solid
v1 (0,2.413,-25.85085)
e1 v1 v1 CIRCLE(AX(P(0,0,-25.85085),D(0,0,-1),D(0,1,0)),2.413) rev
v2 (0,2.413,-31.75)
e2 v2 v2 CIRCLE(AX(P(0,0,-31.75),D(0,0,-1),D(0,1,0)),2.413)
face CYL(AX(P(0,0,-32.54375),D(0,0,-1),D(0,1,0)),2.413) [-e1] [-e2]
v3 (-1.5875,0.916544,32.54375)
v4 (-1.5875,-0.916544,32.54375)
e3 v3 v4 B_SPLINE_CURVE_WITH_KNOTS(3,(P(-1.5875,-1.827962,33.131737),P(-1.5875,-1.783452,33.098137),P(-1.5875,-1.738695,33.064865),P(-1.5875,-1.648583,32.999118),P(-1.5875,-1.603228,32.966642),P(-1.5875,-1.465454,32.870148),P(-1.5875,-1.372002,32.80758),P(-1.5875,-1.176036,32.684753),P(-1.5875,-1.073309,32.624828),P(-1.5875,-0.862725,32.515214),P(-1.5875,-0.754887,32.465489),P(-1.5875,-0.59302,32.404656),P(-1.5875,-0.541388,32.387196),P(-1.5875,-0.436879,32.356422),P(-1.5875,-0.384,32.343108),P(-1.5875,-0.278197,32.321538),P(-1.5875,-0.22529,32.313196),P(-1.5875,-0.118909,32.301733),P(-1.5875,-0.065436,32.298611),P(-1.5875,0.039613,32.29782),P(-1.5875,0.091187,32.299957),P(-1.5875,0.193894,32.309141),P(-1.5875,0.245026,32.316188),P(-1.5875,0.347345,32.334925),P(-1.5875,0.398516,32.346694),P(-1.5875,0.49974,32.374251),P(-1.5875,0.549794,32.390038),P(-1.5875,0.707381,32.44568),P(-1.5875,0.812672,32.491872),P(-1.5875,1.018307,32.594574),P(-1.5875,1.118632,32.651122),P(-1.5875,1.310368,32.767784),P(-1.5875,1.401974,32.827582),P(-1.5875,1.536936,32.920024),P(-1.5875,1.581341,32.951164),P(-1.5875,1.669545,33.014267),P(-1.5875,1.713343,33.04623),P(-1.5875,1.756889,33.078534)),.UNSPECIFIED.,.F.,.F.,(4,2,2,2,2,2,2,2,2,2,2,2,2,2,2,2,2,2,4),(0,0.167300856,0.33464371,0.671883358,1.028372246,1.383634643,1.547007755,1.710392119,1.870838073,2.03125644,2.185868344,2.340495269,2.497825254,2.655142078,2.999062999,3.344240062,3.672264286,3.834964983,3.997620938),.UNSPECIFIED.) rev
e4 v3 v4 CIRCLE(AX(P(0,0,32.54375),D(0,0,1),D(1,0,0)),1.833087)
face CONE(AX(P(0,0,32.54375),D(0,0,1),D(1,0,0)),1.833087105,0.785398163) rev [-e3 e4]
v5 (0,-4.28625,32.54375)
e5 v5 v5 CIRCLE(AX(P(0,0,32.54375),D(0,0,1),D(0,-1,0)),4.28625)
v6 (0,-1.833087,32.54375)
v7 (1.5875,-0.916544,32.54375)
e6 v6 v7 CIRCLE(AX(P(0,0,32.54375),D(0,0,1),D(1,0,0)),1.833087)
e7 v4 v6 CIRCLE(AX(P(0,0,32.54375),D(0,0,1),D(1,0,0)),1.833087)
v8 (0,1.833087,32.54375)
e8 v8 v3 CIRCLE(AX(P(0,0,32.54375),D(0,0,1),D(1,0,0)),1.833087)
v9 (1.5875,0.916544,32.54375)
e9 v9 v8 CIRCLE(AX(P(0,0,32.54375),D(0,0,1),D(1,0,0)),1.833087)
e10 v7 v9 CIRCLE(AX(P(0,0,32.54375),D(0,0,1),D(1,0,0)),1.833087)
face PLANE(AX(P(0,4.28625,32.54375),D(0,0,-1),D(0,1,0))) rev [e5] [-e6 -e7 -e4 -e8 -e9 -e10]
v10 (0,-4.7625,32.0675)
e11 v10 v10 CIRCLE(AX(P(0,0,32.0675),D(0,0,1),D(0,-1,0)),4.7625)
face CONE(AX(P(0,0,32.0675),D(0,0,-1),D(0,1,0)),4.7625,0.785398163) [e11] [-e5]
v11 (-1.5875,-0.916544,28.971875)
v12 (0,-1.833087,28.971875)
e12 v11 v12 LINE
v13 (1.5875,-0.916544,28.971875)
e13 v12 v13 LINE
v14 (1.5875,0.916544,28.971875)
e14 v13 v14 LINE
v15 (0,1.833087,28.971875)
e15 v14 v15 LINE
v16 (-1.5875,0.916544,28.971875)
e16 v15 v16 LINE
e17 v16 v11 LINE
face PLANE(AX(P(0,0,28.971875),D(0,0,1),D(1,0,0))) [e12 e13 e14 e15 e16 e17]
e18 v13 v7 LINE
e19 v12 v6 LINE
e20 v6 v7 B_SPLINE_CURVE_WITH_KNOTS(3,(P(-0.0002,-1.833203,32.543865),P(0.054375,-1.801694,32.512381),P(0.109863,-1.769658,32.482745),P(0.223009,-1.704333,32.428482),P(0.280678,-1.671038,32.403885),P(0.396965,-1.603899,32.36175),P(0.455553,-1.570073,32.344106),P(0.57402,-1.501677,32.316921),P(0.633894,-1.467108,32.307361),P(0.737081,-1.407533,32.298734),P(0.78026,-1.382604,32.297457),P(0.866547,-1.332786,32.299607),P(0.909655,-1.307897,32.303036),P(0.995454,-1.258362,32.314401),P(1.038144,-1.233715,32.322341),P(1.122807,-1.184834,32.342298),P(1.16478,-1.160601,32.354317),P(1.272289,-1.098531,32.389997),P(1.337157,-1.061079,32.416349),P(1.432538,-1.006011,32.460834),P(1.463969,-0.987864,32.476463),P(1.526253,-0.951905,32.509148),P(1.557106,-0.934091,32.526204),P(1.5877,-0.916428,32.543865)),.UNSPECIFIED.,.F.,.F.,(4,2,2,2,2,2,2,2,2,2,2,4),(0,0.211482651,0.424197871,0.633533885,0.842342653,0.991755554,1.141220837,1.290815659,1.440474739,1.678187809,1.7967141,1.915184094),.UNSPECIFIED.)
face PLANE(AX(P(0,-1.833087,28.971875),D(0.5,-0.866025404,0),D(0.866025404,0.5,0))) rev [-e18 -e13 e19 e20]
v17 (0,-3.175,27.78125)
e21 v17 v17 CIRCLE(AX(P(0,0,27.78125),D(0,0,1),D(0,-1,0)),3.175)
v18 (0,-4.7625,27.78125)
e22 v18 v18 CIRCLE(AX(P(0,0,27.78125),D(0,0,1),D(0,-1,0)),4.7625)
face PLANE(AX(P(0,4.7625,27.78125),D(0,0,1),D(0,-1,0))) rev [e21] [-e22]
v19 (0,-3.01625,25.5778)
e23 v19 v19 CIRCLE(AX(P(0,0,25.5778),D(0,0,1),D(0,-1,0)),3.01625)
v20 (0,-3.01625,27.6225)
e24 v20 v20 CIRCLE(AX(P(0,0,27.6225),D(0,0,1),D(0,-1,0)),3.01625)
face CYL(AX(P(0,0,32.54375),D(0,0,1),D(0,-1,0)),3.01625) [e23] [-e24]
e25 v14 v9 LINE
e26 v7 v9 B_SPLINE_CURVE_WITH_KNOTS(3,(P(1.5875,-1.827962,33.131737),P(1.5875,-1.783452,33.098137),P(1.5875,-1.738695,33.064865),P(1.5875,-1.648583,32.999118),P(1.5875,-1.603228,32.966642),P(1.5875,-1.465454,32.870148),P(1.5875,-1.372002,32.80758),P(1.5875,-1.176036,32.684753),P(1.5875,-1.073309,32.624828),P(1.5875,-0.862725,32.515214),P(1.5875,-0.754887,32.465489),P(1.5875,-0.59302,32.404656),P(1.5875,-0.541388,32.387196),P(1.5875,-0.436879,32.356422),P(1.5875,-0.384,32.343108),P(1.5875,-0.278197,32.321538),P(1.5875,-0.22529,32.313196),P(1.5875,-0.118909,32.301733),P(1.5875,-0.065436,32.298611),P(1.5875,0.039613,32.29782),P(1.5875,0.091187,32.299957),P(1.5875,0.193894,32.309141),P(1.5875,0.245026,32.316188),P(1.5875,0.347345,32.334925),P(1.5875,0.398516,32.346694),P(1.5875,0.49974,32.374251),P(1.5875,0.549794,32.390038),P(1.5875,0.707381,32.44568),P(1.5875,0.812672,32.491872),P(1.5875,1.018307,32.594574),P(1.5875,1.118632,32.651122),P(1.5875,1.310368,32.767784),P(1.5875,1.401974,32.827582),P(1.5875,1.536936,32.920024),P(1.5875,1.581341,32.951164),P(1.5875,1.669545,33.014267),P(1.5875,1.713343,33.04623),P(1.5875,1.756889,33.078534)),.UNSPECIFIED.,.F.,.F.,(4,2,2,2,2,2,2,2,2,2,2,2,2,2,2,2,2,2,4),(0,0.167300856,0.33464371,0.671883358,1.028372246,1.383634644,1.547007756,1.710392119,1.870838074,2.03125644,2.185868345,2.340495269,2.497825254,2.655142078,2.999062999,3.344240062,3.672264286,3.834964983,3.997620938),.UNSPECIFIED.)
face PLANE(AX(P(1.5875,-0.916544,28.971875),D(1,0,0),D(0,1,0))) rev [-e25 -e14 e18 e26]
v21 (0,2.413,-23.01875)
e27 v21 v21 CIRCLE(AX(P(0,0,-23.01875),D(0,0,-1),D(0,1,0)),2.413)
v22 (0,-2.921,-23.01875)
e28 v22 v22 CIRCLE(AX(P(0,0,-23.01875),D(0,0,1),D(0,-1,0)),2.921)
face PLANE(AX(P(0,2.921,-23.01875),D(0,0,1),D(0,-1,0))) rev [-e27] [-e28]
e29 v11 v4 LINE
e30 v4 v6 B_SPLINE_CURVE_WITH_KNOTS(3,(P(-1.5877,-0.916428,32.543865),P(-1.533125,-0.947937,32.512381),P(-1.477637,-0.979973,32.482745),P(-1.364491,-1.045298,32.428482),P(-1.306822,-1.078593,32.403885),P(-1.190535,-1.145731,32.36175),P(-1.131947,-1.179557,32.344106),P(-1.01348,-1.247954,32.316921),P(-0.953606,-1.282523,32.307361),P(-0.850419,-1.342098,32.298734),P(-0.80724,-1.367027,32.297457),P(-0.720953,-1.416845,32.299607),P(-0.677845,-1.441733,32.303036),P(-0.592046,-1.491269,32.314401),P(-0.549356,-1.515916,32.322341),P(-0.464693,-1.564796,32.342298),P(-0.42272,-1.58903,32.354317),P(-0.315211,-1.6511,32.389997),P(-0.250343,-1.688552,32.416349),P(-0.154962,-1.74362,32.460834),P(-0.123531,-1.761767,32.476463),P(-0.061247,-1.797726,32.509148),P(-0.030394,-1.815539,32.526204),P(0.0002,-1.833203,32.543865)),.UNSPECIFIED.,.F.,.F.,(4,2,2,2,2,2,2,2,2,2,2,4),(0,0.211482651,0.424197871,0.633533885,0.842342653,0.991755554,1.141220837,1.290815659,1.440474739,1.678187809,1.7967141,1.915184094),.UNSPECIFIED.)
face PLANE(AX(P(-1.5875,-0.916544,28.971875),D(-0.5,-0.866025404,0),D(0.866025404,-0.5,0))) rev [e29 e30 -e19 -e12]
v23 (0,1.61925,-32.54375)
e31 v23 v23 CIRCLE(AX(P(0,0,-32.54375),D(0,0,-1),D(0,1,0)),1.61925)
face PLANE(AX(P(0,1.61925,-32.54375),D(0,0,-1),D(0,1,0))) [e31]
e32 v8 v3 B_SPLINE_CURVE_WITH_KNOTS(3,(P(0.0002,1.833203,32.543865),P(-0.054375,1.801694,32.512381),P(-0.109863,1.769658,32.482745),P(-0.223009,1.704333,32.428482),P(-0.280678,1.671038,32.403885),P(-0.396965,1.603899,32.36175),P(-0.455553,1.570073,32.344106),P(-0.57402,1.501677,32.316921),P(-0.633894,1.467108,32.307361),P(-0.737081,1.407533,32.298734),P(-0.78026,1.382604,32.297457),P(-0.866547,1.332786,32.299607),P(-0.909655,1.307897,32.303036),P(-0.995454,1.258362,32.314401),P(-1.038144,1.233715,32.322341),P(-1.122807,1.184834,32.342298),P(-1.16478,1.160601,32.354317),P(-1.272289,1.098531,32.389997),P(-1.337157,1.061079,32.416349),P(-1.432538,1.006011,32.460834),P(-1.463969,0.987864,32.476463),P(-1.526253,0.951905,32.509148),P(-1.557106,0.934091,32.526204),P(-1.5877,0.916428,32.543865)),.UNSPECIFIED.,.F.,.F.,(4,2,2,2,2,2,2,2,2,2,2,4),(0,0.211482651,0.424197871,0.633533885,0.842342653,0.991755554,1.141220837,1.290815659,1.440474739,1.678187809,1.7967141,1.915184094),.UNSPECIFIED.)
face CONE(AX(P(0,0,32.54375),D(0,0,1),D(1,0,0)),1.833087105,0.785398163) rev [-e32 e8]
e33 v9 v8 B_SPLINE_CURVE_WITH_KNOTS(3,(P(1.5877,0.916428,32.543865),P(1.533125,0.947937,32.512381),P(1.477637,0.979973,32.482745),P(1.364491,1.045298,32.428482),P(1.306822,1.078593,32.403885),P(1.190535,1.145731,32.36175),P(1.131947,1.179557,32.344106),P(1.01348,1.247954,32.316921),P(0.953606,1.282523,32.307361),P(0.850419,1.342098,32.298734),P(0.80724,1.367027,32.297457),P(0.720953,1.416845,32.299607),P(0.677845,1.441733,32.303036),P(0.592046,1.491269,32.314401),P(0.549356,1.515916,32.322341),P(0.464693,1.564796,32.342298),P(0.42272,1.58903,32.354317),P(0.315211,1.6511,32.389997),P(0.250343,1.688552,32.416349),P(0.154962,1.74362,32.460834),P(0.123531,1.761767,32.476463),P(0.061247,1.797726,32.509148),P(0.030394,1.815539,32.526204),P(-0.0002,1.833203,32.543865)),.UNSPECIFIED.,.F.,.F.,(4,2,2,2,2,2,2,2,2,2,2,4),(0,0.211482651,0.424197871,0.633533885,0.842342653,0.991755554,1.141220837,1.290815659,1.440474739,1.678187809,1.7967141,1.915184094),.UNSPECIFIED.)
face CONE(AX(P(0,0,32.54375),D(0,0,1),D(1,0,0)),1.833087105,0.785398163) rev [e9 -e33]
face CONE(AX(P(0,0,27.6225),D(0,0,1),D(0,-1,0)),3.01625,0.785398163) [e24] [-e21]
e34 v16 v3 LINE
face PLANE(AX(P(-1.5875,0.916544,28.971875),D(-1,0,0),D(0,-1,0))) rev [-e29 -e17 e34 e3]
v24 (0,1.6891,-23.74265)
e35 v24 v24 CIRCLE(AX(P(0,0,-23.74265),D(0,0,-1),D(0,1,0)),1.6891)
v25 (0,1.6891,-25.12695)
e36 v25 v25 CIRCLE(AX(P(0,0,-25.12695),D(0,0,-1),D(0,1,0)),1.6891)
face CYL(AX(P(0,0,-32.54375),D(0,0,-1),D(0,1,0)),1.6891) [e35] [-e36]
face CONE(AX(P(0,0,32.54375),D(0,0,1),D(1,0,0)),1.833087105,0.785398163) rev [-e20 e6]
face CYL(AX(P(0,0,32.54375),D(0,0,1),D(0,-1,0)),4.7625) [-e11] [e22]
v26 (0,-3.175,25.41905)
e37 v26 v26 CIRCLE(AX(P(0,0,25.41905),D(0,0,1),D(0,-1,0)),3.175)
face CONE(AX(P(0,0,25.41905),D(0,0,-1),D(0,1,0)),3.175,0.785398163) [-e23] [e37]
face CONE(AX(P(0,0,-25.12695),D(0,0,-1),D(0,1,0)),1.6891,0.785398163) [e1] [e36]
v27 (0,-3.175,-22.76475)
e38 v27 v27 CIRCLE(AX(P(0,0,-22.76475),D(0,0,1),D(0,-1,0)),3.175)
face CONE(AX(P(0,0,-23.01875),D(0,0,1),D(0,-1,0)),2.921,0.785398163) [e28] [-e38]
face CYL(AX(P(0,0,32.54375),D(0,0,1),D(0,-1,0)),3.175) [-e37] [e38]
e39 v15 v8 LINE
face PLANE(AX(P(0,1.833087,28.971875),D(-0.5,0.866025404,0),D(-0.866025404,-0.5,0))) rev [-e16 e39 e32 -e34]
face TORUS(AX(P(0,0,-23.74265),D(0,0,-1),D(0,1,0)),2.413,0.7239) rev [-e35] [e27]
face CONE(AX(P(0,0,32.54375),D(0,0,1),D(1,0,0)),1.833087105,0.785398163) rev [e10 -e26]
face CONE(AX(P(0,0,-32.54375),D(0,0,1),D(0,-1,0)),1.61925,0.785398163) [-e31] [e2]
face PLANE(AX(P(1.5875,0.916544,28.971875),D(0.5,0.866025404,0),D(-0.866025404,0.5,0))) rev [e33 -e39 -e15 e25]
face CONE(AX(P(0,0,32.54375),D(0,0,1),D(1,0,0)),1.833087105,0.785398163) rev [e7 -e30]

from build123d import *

# Parameters (mm, degrees)
CUT_EXTRUDE1_DEPTH = 3.571875


with BuildPart() as part:
    # Sketch4 → Revolve1 (revolve)
    with BuildSketch(Plane(origin=(0, 0, 0), x_dir=(0, 0, -1), z_dir=(1, 0, 0))):
        Polygon((-27.78125, 4.7625), (-32.0675, 4.7625), (-32.54375, 4.28625), (-32.54375, 0), (23.01875, 0), (23.01875, 2.921), (22.76475, 3.175), (-25.41905, 3.175), (-25.5778, 3.01625), (-27.6225, 3.01625), (-27.78125, 3.175), align=None)
    revolve(axis=Axis((0, 0, 32.54375), (0, 0, -1)))

    # Sketch5 → Cut-Extrude1 (cut)
    with BuildSketch(Plane.XY.offset(32.54375)):
        Polygon((1.5875, 0.916543552), (0, 1.833087105), (-1.5875, 0.916543552), (-1.5875, -0.916543552), (0, -1.833087105), (1.5875, -0.916543552), align=None)
    extrude(amount=-CUT_EXTRUDE1_DEPTH, mode=Mode.SUBTRACT)

    # Cut-Extrude4 cone 1 section (through the dimple's axis) → Cut-Extrude4 (revolve, cut)
    with BuildSketch(Plane(origin=(0, 0, 32.54375), x_dir=(0, -1, 0), z_dir=(1, 0, 0))):
        Polygon((0, 0), (1.833087105, 0), (0, 1.833087105), align=None)
    revolve(axis=Axis((0, 0, 32.54375), (0, 0, -1)), mode=Mode.SUBTRACT)

    # Sketch7 → Revolve2 (revolve)
    with BuildSketch(Plane(origin=(0, 0, 0), x_dir=(0, 0, -1), z_dir=(1, 0, 0))):
        Polygon((23.01875, 2.413), (31.75, 2.413), (32.54375, 1.61925), (32.54375, 0), (23.01875, 0), align=None)
    revolve(axis=Axis((0, 0, -32.54375), (0, 0, 1)))

    # Sketch10 → Cut-Revolve1 (revolve, cut)
    with BuildSketch(Plane(origin=(0, 0, 0), x_dir=(0, 0, -1), z_dir=(1, 0, 0))):
        with BuildLine():
            Line((23.74265, 1.6891), (25.12695, 1.6891))
            Line((25.12695, 1.6891), (26.61285, 3.175))
            Line((26.61285, 3.175), (23.01875, 3.175))
            Line((23.01875, 3.175), (23.01875, 2.413))
            ThreePointArc((23.01875, 2.413), (23.230775401, 1.901125401), (23.74265, 1.6891))
        make_face()
    revolve(axis=Axis((0, 0, -32.54375), (0, 0, 1)), mode=Mode.SUBTRACT)


solid = part.part
